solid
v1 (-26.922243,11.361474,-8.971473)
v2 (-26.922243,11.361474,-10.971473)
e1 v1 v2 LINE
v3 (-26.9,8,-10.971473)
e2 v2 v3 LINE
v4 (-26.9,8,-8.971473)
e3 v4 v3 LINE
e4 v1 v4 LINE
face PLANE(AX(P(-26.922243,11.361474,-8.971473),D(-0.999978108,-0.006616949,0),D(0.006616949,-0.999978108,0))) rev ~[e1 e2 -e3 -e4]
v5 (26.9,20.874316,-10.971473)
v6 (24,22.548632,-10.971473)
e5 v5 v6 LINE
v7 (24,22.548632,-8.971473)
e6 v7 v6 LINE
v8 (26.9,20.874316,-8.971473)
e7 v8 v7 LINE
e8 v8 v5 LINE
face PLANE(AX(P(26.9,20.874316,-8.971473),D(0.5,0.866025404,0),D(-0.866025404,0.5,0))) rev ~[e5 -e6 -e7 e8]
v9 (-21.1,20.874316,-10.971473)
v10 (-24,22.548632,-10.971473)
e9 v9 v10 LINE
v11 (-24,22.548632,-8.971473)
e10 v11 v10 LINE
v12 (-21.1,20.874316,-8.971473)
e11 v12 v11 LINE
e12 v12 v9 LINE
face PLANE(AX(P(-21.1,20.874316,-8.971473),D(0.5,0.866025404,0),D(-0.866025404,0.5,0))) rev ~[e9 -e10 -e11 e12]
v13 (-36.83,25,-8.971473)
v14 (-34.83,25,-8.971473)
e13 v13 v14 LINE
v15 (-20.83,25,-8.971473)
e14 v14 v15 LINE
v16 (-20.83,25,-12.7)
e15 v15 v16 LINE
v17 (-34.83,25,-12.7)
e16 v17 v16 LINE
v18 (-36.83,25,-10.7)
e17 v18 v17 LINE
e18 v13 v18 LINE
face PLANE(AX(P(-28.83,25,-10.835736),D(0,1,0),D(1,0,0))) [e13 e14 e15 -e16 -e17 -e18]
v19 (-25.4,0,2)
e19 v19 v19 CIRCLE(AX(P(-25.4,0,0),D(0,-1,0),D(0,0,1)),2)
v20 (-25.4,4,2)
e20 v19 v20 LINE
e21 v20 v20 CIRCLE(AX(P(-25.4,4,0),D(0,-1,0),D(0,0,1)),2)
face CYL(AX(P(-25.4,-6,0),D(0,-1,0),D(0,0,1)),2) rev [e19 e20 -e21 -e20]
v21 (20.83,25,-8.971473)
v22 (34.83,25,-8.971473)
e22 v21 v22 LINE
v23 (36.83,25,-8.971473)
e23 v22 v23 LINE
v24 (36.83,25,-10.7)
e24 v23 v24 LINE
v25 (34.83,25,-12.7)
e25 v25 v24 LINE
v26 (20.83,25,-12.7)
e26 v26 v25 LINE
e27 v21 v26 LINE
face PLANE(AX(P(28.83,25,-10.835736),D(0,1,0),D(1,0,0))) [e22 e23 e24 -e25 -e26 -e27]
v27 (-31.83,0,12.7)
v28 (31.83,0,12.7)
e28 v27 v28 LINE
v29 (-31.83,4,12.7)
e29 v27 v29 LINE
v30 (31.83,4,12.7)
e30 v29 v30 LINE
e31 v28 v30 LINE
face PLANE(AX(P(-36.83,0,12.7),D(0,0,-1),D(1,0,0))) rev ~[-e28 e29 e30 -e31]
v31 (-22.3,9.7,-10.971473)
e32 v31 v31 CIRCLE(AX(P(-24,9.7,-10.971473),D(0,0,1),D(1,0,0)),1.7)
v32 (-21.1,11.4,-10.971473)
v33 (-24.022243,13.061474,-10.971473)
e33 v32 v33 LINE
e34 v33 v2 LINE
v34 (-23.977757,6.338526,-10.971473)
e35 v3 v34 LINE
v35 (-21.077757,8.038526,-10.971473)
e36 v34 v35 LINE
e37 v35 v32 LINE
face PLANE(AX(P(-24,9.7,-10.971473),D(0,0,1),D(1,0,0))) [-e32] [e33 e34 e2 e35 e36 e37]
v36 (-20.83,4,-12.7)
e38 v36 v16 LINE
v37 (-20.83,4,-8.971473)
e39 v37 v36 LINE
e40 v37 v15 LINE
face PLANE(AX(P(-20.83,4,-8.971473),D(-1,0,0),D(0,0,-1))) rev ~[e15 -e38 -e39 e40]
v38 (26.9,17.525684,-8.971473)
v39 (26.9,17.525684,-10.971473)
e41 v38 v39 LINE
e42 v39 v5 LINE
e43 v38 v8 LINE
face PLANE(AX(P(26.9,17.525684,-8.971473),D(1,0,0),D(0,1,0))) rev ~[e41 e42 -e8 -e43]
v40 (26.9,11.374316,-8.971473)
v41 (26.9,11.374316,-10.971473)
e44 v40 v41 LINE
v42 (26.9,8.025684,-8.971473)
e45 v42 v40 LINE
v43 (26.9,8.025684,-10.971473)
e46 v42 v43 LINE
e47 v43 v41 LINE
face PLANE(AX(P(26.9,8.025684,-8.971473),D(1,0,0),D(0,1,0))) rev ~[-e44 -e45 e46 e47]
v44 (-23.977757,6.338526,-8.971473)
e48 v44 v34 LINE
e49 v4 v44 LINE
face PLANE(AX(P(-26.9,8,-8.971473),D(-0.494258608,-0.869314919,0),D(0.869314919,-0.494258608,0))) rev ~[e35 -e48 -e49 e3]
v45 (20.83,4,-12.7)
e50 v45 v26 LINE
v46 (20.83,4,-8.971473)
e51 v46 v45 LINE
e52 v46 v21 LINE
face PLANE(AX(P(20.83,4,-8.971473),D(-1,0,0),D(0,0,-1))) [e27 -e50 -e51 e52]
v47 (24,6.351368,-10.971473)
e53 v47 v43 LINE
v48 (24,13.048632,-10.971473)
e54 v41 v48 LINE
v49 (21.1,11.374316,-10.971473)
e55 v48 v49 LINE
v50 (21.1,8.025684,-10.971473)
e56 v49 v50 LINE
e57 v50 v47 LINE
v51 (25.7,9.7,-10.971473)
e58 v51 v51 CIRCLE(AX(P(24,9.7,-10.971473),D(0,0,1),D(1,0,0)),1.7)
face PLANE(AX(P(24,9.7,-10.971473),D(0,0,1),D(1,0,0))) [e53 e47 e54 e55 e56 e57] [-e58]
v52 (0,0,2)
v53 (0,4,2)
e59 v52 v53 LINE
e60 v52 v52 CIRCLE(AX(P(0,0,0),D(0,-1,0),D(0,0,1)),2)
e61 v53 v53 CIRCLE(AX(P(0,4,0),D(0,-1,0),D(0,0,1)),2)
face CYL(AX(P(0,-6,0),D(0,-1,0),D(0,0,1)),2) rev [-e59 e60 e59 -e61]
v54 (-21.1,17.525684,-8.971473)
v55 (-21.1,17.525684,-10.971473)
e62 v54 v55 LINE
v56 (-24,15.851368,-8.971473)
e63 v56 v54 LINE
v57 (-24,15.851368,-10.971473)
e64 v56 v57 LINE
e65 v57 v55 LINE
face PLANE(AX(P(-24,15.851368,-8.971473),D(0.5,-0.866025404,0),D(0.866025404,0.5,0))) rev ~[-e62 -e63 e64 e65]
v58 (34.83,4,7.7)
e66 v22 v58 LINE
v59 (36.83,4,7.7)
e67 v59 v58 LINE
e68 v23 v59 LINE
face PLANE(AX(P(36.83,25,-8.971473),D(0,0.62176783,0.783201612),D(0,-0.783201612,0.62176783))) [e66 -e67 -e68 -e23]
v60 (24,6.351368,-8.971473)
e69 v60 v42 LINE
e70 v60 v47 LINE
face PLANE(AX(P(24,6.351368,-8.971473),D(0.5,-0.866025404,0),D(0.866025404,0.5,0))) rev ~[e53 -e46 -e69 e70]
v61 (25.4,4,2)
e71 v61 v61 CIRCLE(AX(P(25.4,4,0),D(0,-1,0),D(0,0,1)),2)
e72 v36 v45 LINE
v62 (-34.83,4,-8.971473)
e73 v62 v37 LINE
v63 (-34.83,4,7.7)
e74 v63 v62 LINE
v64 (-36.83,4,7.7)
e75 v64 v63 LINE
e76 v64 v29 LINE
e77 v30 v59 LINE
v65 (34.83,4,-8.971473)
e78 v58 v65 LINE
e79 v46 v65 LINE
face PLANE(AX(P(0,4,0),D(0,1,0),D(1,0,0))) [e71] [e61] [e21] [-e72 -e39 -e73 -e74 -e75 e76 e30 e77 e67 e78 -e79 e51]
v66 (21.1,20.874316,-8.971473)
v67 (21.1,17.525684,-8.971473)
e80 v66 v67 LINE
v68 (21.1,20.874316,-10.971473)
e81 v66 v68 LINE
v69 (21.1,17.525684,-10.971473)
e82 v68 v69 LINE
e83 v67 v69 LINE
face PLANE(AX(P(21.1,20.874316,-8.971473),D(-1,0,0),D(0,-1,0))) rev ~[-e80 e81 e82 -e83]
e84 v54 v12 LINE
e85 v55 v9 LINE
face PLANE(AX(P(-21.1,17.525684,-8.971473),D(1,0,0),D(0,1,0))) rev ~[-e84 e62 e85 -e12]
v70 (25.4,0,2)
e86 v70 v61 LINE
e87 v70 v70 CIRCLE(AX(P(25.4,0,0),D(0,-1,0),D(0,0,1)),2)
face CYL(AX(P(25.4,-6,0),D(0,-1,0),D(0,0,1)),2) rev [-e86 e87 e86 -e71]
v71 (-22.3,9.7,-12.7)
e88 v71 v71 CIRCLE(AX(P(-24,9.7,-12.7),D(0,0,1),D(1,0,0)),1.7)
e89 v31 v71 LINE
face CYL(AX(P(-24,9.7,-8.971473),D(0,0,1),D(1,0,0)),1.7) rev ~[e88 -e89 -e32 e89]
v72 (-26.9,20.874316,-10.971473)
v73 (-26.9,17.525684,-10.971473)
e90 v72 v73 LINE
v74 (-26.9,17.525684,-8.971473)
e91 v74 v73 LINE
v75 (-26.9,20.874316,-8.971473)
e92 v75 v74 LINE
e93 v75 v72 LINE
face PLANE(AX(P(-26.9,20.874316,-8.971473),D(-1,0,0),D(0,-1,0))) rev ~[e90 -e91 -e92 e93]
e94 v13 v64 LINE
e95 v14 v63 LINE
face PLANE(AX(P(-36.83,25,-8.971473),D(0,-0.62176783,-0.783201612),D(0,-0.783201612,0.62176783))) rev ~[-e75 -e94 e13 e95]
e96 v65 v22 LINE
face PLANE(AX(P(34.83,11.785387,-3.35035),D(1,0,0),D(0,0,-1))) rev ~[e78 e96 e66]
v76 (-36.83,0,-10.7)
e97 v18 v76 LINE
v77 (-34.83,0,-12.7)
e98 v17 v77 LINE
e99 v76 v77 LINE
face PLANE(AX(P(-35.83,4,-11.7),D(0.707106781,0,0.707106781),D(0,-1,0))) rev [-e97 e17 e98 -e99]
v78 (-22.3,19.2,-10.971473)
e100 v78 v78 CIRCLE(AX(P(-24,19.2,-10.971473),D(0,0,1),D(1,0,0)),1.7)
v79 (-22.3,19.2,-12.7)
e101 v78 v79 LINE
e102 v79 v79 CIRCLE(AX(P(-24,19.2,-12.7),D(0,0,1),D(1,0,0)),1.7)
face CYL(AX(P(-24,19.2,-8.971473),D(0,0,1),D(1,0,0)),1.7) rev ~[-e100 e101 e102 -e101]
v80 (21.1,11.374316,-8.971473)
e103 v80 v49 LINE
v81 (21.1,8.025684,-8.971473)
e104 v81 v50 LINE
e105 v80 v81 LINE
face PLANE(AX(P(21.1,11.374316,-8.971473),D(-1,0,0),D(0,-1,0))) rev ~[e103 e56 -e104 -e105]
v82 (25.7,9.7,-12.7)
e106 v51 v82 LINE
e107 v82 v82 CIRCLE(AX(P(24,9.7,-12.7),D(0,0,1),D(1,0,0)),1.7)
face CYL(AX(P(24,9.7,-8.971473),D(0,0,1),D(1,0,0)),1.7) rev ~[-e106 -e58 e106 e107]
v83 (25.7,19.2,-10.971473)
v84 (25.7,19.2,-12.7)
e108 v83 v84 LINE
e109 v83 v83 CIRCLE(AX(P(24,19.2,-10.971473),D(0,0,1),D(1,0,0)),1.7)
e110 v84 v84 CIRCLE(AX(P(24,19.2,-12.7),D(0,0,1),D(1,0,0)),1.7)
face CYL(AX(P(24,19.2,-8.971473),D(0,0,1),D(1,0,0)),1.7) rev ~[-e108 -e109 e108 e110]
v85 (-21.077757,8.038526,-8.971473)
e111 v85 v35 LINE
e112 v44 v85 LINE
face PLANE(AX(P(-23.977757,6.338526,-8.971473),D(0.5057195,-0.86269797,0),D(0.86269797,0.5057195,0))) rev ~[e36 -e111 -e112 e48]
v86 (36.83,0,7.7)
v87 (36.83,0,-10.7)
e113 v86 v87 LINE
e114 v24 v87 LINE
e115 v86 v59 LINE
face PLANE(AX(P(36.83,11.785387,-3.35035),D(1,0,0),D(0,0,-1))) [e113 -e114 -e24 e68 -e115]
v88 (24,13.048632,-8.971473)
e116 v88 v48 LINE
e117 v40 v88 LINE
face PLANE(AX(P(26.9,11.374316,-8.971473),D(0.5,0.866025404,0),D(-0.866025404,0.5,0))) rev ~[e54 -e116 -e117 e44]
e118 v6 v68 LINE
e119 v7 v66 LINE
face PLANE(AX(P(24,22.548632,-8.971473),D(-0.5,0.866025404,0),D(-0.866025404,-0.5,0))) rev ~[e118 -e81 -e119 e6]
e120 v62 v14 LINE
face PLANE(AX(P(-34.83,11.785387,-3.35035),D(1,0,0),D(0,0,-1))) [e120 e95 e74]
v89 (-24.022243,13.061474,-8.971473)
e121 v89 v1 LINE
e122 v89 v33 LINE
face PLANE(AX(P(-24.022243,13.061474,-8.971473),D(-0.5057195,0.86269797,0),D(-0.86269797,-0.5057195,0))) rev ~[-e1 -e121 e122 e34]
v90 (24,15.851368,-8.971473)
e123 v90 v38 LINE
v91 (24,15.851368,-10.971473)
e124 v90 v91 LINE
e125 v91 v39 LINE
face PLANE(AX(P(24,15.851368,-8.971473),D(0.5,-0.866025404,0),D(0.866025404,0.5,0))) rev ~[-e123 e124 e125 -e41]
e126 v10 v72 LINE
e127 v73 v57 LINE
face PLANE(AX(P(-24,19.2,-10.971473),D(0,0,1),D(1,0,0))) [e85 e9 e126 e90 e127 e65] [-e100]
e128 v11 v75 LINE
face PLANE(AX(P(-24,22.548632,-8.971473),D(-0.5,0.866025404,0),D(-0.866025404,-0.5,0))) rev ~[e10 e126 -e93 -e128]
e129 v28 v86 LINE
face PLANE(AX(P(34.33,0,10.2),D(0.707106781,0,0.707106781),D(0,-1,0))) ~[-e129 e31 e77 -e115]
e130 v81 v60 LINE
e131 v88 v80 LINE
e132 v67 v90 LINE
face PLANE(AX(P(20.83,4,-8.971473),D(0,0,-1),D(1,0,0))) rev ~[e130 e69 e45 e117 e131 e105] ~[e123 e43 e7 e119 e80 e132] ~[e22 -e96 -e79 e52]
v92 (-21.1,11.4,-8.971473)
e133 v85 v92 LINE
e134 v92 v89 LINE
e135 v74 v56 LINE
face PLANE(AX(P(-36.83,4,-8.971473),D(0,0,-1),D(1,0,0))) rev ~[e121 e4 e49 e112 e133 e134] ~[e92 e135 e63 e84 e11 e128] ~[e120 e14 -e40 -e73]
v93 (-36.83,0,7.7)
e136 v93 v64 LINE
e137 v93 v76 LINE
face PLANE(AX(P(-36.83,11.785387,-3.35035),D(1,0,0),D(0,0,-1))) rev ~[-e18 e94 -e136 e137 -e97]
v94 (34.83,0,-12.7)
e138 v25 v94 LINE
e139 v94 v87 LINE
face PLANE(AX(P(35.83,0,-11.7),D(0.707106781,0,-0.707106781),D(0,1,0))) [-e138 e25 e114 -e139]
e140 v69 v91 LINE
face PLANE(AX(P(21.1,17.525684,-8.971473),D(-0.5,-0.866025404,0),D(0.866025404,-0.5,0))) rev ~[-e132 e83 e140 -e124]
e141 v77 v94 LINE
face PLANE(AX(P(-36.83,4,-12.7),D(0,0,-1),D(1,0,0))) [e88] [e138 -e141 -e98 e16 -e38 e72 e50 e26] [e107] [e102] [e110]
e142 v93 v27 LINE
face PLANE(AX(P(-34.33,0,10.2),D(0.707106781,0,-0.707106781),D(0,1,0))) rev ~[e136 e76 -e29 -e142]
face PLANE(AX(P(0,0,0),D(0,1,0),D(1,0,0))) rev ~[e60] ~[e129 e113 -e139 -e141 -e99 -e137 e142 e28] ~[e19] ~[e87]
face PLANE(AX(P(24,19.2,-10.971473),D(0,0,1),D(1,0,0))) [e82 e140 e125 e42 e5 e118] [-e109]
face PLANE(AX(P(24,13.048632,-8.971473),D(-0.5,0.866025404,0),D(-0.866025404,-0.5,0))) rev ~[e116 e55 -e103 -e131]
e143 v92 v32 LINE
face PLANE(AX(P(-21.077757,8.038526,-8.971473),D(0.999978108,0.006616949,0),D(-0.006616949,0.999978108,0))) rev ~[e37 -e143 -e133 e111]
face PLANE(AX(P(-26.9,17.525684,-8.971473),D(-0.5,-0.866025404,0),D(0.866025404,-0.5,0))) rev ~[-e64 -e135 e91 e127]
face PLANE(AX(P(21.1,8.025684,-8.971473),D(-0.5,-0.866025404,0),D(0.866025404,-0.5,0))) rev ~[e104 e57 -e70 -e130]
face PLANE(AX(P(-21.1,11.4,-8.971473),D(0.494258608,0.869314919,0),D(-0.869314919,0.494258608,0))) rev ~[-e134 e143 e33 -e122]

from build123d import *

# Parameters (mm, degrees)
SKETCH1_W           = 73.66
SKETCH1_H           = 25.4
BOSS_EXTRUDE1_DEPTH = 4
CHAMFER1_SIZE       = 5
SKETCH2_R           = 2
SKETCH2_W           = 16
SKETCH2_H           = 3.728527123
BOSS_EXTRUDE2_DEPTH = 21
CUT_EXTRUDE1_START  = -31
SKETCH3_R           = 2
CUT_EXTRUDE1_DEPTH  = 31
BOSS_EXTRUDE3_DEPTH = 2
BOSS_EXTRUDE4_DEPTH = 2
CHAMFER2_SIZE       = 2
SKETCH7_R           = 1.7
CUT_EXTRUDE2_DEPTH  = 12
CUT_EXTRUDE3_DEPTH  = 2


with BuildPart() as part:
    # Sketch1 → Boss-Extrude1 (new body)
    with BuildSketch(Plane(origin=(0, 0, 0), x_dir=(1, 0, 0), z_dir=(0, 1, 0))):
        Rectangle(SKETCH1_W, SKETCH1_H)
    extrude(amount=BOSS_EXTRUDE1_DEPTH)

    # Chamfer1
    chamfer1_edges = [part.edges().sort_by_distance(p)[0] for p in [
        (36.83, 2, 12.7),
        (-36.83, 2, 12.7),
    ]]
    chamfer(chamfer1_edges, length=CHAMFER1_SIZE)

    # Sketch2 → Boss-Extrude2 (add)
    with BuildSketch(Plane(origin=(0, 4, 0), x_dir=(1, 0, 0), z_dir=(0, 1, 0))):
        with Locations(Location((-25.4, 0, 0), (0, 0, 90))):
            Circle(SKETCH2_R)
        with Locations(Location((0, 0, 0), (0, 0, 90))):
            Circle(SKETCH2_R)
        with Locations(Location((25.4, 0, 0), (0, 0, 90))):
            Circle(SKETCH2_R)
        with Locations((-28.83, 10.835736438)):
            Rectangle(SKETCH2_W, SKETCH2_H)
        with Locations((28.83, 10.835736438)):
            Rectangle(SKETCH2_W, SKETCH2_H)
    extrude(amount=BOSS_EXTRUDE2_DEPTH)

    # Sketch3 → Cut-Extrude1 (cut)
    with BuildSketch(Plane(origin=(0, 25, 0), x_dir=(1, 0, 0), z_dir=(0, 1, 0)).offset(CUT_EXTRUDE1_START)):
        with Locations(Location((-25.4, 0, 0), (0, 0, 270))):
            Circle(SKETCH3_R)
        with Locations(Location((0, 0, 0), (0, 0, 270))):
            Circle(SKETCH3_R)
        with Locations(Location((25.4, 0, 0), (0, 0, 270))):
            Circle(SKETCH3_R)
    extrude(amount=CUT_EXTRUDE1_DEPTH, mode=Mode.SUBTRACT)

    # Sketch4 → Boss-Extrude3 (add)
    with BuildSketch(Plane(origin=(36.83, 0, 0), x_dir=(0, 0, -1), z_dir=(1, 0, 0))):
        Polygon((8.971472877, 25), (-7.7, 4), (8.971472877, 4), align=None)
    extrude(amount=-BOSS_EXTRUDE3_DEPTH)

    # Sketch5 → Boss-Extrude4 (add)
    with BuildSketch(Plane.ZY.offset(36.83)):
        Polygon((-8.971472877, 25), (7.7, 4), (-8.971472877, 4), align=None)
    extrude(amount=-BOSS_EXTRUDE4_DEPTH)

    # Chamfer2
    chamfer2_edges = [part.edges().sort_by_distance(p)[0] for p in [
        (-36.83, 12.5, -12.7),
        (36.83, 12.5, -12.7),
    ]]
    chamfer(chamfer2_edges, length=CHAMFER2_SIZE)

    # Sketch7 → Cut-Extrude2 (cut)
    with BuildSketch(Plane.XY.offset(-8.971472877)):
        with Locations((-24, 19.2)):
            Circle(SKETCH7_R)
        with Locations((-24, 9.7)):
            Circle(SKETCH7_R)
        with Locations((24, 19.2)):
            Circle(SKETCH7_R)
        with Locations((24, 9.7)):
            Circle(SKETCH7_R)
    extrude(amount=-CUT_EXTRUDE2_DEPTH, mode=Mode.SUBTRACT)

    # Sketch8 → Cut-Extrude3 (cut)
    with BuildSketch(Plane.XY.offset(-8.971472877)):
        Polygon((-21.1, 17.525684219), (-21.1, 20.874315781), (-24, 22.548631561), (-26.9, 20.874315781), (-26.9, 17.525684219), (-24, 15.851368439), align=None)
        Polygon((-21.1, 11.4), (-24.022243186, 13.061473671), (-26.922243186, 11.361473671), (-26.9, 8), (-23.977756814, 6.338526329), (-21.077756814, 8.038526329), align=None)
        Polygon((21.1, 20.874315781), (21.1, 17.525684219), (24, 15.851368439), (26.9, 17.525684219), (26.9, 20.874315781), (24, 22.548631561), align=None)
        Polygon((21.1, 11.374315781), (21.1, 8.025684219), (24, 6.351368439), (26.9, 8.025684219), (26.9, 11.374315781), (24, 13.048631561), align=None)
    extrude(amount=-CUT_EXTRUDE3_DEPTH, mode=Mode.SUBTRACT)


solid = part.part
